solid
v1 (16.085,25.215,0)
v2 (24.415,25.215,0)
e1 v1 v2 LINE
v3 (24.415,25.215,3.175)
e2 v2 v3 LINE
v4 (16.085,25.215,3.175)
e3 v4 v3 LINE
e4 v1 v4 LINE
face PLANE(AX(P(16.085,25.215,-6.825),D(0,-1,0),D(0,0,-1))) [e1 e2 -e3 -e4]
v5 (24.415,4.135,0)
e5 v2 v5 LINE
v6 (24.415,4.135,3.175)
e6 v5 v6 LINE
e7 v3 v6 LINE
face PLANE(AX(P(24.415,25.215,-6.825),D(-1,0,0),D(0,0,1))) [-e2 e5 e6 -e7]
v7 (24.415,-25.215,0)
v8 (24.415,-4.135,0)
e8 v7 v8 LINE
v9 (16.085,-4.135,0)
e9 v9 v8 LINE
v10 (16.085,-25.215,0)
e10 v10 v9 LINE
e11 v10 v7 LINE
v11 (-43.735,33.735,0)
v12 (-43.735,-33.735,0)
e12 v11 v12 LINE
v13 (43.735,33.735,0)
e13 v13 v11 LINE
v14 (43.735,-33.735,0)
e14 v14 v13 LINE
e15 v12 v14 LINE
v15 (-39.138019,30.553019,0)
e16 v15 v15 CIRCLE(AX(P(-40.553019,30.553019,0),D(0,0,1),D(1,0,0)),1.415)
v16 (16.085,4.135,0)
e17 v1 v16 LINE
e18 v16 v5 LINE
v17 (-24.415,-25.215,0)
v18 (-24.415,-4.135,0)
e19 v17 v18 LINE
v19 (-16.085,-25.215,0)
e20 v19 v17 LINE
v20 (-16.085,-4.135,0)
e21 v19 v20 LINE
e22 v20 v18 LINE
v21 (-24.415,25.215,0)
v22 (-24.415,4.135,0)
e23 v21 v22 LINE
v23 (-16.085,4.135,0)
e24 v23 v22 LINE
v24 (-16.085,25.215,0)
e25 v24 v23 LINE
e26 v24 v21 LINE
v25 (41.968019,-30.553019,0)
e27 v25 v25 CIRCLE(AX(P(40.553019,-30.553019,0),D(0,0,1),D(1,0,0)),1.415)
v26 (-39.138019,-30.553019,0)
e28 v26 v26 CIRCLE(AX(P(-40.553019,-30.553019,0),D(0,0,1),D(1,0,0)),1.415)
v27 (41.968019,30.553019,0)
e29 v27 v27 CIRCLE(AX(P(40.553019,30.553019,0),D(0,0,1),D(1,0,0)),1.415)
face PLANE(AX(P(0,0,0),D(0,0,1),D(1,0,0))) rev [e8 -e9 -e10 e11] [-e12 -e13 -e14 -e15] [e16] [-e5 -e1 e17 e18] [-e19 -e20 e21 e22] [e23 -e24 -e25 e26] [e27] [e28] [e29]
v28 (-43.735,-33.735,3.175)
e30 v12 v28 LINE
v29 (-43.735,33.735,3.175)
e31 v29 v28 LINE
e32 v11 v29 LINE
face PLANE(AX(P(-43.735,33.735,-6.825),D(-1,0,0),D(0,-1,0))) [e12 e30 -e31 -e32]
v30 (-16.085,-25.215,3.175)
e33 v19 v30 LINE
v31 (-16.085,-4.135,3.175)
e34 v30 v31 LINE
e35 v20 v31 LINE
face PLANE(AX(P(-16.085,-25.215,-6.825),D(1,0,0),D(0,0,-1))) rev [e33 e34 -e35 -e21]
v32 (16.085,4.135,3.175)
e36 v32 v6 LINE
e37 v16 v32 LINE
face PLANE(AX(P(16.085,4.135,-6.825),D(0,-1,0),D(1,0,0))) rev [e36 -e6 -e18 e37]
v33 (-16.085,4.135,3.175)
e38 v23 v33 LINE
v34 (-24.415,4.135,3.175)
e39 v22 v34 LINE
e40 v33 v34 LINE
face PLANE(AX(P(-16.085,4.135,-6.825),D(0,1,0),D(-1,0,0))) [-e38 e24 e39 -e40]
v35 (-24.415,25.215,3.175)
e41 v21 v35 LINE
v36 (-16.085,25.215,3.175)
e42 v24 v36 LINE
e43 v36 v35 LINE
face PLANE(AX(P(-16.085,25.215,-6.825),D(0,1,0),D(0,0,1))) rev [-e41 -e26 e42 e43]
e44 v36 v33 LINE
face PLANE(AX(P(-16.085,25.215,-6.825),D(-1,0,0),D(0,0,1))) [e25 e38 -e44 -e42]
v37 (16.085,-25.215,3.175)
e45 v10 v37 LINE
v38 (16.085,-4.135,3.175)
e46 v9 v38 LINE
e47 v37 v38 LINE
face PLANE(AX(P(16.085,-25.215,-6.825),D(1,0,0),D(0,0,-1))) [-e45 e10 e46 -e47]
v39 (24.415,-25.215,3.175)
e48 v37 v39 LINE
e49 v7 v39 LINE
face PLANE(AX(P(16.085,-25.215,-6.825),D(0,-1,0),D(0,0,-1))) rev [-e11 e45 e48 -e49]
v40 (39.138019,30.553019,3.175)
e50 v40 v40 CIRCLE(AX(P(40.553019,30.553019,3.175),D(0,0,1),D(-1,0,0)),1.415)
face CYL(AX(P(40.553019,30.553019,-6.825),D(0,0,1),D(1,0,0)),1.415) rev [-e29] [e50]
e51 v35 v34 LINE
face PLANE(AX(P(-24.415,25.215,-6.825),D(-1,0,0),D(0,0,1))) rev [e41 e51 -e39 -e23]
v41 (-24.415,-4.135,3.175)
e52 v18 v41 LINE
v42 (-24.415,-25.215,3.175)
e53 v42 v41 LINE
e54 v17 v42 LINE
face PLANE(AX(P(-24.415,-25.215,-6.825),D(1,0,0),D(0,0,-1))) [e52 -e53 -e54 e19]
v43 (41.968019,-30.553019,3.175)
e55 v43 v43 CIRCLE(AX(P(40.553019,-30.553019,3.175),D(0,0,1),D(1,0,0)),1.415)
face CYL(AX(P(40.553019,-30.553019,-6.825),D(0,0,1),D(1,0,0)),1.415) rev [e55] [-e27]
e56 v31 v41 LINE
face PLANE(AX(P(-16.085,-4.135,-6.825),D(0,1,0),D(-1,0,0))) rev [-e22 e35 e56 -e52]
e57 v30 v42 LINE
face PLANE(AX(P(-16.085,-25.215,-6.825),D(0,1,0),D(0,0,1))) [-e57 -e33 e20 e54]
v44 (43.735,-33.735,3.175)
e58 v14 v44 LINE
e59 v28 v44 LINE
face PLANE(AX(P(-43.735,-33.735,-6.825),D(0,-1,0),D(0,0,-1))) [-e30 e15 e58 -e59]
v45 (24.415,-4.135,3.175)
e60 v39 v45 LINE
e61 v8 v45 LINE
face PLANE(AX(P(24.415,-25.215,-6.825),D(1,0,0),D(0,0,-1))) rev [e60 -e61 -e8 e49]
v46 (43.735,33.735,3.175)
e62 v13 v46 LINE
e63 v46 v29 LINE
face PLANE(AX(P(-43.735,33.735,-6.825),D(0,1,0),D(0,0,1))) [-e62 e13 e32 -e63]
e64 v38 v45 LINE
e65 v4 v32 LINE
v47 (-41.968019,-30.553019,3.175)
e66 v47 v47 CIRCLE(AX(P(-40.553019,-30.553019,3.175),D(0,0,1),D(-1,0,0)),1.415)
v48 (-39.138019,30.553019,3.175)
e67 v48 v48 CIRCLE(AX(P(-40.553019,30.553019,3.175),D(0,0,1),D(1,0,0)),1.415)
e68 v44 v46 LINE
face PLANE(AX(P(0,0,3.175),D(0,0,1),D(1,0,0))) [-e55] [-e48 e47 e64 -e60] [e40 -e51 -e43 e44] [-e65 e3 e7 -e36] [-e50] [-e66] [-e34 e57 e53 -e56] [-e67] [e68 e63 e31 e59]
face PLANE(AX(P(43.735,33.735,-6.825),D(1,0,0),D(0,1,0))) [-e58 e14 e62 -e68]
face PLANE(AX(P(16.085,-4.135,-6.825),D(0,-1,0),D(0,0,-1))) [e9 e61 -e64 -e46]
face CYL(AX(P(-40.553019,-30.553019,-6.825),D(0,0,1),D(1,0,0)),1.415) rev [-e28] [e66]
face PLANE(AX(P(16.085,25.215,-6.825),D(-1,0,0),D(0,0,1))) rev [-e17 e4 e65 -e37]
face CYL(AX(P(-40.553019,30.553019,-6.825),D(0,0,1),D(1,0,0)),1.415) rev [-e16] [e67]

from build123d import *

# Parameters (mm, degrees)
SKETCH1_W           = 100
SKETCH1_H           = 80
BOSS_EXTRUDE1_DEPTH = 3.175
SKETCH3_W           = 100.17
SKETCH3_H           = 80.17
SKETCH3_W_2         = 87.47
SKETCH3_H_2         = 67.47
CUT_EXTRUDE2_DEPTH  = 10
SKETCH4_R           = 1.415
CUT_EXTRUDE3_DEPTH  = 10
SKETCH2_W           = 8.33
SKETCH2_H           = 21.08
CUT_EXTRUDE4_DEPTH  = 10


with BuildPart() as part:
    # Sketch1 → Boss-Extrude1 (new body)
    with BuildSketch(Plane.XY):
        Rectangle(SKETCH1_W, SKETCH1_H)
    extrude(amount=BOSS_EXTRUDE1_DEPTH)

    # Sketch3 → Cut-Extrude2 (cut)
    with BuildSketch(Plane.XY.offset(3.175)):
        Rectangle(SKETCH3_W, SKETCH3_H)
        Rectangle(SKETCH3_W_2, SKETCH3_H_2, mode=Mode.SUBTRACT)
    extrude(amount=-CUT_EXTRUDE2_DEPTH, mode=Mode.SUBTRACT)

    # Sketch4 → Cut-Extrude3 (cut)
    with BuildSketch(Plane.XY.offset(3.175)):
        with Locations((-40.553019485, 30.553019485)):
            Circle(SKETCH4_R)
        with Locations((40.553019485, 30.553019485)):
            Circle(SKETCH4_R)
        with Locations((40.553019485, -30.553019485)):
            Circle(SKETCH4_R)
        with Locations((-40.553019485, -30.553019485)):
            Circle(SKETCH4_R)
    extrude(amount=-CUT_EXTRUDE3_DEPTH, mode=Mode.SUBTRACT)

    # Sketch2 → Cut-Extrude4 (cut)
    with BuildSketch(Plane.XY.offset(3.175)):
        with Locations((-20.25, 14.675)):
            Rectangle(SKETCH2_W, SKETCH2_H)
        with Locations((20.25, 14.675)):
            Rectangle(SKETCH2_W, SKETCH2_H)
        with Locations((-20.25, -14.675)):
            Rectangle(SKETCH2_W, SKETCH2_H)
        with Locations((20.25, -14.675)):
            Rectangle(SKETCH2_W, SKETCH2_H)
    extrude(amount=-CUT_EXTRUDE4_DEPTH, mode=Mode.SUBTRACT)


solid = part.part
